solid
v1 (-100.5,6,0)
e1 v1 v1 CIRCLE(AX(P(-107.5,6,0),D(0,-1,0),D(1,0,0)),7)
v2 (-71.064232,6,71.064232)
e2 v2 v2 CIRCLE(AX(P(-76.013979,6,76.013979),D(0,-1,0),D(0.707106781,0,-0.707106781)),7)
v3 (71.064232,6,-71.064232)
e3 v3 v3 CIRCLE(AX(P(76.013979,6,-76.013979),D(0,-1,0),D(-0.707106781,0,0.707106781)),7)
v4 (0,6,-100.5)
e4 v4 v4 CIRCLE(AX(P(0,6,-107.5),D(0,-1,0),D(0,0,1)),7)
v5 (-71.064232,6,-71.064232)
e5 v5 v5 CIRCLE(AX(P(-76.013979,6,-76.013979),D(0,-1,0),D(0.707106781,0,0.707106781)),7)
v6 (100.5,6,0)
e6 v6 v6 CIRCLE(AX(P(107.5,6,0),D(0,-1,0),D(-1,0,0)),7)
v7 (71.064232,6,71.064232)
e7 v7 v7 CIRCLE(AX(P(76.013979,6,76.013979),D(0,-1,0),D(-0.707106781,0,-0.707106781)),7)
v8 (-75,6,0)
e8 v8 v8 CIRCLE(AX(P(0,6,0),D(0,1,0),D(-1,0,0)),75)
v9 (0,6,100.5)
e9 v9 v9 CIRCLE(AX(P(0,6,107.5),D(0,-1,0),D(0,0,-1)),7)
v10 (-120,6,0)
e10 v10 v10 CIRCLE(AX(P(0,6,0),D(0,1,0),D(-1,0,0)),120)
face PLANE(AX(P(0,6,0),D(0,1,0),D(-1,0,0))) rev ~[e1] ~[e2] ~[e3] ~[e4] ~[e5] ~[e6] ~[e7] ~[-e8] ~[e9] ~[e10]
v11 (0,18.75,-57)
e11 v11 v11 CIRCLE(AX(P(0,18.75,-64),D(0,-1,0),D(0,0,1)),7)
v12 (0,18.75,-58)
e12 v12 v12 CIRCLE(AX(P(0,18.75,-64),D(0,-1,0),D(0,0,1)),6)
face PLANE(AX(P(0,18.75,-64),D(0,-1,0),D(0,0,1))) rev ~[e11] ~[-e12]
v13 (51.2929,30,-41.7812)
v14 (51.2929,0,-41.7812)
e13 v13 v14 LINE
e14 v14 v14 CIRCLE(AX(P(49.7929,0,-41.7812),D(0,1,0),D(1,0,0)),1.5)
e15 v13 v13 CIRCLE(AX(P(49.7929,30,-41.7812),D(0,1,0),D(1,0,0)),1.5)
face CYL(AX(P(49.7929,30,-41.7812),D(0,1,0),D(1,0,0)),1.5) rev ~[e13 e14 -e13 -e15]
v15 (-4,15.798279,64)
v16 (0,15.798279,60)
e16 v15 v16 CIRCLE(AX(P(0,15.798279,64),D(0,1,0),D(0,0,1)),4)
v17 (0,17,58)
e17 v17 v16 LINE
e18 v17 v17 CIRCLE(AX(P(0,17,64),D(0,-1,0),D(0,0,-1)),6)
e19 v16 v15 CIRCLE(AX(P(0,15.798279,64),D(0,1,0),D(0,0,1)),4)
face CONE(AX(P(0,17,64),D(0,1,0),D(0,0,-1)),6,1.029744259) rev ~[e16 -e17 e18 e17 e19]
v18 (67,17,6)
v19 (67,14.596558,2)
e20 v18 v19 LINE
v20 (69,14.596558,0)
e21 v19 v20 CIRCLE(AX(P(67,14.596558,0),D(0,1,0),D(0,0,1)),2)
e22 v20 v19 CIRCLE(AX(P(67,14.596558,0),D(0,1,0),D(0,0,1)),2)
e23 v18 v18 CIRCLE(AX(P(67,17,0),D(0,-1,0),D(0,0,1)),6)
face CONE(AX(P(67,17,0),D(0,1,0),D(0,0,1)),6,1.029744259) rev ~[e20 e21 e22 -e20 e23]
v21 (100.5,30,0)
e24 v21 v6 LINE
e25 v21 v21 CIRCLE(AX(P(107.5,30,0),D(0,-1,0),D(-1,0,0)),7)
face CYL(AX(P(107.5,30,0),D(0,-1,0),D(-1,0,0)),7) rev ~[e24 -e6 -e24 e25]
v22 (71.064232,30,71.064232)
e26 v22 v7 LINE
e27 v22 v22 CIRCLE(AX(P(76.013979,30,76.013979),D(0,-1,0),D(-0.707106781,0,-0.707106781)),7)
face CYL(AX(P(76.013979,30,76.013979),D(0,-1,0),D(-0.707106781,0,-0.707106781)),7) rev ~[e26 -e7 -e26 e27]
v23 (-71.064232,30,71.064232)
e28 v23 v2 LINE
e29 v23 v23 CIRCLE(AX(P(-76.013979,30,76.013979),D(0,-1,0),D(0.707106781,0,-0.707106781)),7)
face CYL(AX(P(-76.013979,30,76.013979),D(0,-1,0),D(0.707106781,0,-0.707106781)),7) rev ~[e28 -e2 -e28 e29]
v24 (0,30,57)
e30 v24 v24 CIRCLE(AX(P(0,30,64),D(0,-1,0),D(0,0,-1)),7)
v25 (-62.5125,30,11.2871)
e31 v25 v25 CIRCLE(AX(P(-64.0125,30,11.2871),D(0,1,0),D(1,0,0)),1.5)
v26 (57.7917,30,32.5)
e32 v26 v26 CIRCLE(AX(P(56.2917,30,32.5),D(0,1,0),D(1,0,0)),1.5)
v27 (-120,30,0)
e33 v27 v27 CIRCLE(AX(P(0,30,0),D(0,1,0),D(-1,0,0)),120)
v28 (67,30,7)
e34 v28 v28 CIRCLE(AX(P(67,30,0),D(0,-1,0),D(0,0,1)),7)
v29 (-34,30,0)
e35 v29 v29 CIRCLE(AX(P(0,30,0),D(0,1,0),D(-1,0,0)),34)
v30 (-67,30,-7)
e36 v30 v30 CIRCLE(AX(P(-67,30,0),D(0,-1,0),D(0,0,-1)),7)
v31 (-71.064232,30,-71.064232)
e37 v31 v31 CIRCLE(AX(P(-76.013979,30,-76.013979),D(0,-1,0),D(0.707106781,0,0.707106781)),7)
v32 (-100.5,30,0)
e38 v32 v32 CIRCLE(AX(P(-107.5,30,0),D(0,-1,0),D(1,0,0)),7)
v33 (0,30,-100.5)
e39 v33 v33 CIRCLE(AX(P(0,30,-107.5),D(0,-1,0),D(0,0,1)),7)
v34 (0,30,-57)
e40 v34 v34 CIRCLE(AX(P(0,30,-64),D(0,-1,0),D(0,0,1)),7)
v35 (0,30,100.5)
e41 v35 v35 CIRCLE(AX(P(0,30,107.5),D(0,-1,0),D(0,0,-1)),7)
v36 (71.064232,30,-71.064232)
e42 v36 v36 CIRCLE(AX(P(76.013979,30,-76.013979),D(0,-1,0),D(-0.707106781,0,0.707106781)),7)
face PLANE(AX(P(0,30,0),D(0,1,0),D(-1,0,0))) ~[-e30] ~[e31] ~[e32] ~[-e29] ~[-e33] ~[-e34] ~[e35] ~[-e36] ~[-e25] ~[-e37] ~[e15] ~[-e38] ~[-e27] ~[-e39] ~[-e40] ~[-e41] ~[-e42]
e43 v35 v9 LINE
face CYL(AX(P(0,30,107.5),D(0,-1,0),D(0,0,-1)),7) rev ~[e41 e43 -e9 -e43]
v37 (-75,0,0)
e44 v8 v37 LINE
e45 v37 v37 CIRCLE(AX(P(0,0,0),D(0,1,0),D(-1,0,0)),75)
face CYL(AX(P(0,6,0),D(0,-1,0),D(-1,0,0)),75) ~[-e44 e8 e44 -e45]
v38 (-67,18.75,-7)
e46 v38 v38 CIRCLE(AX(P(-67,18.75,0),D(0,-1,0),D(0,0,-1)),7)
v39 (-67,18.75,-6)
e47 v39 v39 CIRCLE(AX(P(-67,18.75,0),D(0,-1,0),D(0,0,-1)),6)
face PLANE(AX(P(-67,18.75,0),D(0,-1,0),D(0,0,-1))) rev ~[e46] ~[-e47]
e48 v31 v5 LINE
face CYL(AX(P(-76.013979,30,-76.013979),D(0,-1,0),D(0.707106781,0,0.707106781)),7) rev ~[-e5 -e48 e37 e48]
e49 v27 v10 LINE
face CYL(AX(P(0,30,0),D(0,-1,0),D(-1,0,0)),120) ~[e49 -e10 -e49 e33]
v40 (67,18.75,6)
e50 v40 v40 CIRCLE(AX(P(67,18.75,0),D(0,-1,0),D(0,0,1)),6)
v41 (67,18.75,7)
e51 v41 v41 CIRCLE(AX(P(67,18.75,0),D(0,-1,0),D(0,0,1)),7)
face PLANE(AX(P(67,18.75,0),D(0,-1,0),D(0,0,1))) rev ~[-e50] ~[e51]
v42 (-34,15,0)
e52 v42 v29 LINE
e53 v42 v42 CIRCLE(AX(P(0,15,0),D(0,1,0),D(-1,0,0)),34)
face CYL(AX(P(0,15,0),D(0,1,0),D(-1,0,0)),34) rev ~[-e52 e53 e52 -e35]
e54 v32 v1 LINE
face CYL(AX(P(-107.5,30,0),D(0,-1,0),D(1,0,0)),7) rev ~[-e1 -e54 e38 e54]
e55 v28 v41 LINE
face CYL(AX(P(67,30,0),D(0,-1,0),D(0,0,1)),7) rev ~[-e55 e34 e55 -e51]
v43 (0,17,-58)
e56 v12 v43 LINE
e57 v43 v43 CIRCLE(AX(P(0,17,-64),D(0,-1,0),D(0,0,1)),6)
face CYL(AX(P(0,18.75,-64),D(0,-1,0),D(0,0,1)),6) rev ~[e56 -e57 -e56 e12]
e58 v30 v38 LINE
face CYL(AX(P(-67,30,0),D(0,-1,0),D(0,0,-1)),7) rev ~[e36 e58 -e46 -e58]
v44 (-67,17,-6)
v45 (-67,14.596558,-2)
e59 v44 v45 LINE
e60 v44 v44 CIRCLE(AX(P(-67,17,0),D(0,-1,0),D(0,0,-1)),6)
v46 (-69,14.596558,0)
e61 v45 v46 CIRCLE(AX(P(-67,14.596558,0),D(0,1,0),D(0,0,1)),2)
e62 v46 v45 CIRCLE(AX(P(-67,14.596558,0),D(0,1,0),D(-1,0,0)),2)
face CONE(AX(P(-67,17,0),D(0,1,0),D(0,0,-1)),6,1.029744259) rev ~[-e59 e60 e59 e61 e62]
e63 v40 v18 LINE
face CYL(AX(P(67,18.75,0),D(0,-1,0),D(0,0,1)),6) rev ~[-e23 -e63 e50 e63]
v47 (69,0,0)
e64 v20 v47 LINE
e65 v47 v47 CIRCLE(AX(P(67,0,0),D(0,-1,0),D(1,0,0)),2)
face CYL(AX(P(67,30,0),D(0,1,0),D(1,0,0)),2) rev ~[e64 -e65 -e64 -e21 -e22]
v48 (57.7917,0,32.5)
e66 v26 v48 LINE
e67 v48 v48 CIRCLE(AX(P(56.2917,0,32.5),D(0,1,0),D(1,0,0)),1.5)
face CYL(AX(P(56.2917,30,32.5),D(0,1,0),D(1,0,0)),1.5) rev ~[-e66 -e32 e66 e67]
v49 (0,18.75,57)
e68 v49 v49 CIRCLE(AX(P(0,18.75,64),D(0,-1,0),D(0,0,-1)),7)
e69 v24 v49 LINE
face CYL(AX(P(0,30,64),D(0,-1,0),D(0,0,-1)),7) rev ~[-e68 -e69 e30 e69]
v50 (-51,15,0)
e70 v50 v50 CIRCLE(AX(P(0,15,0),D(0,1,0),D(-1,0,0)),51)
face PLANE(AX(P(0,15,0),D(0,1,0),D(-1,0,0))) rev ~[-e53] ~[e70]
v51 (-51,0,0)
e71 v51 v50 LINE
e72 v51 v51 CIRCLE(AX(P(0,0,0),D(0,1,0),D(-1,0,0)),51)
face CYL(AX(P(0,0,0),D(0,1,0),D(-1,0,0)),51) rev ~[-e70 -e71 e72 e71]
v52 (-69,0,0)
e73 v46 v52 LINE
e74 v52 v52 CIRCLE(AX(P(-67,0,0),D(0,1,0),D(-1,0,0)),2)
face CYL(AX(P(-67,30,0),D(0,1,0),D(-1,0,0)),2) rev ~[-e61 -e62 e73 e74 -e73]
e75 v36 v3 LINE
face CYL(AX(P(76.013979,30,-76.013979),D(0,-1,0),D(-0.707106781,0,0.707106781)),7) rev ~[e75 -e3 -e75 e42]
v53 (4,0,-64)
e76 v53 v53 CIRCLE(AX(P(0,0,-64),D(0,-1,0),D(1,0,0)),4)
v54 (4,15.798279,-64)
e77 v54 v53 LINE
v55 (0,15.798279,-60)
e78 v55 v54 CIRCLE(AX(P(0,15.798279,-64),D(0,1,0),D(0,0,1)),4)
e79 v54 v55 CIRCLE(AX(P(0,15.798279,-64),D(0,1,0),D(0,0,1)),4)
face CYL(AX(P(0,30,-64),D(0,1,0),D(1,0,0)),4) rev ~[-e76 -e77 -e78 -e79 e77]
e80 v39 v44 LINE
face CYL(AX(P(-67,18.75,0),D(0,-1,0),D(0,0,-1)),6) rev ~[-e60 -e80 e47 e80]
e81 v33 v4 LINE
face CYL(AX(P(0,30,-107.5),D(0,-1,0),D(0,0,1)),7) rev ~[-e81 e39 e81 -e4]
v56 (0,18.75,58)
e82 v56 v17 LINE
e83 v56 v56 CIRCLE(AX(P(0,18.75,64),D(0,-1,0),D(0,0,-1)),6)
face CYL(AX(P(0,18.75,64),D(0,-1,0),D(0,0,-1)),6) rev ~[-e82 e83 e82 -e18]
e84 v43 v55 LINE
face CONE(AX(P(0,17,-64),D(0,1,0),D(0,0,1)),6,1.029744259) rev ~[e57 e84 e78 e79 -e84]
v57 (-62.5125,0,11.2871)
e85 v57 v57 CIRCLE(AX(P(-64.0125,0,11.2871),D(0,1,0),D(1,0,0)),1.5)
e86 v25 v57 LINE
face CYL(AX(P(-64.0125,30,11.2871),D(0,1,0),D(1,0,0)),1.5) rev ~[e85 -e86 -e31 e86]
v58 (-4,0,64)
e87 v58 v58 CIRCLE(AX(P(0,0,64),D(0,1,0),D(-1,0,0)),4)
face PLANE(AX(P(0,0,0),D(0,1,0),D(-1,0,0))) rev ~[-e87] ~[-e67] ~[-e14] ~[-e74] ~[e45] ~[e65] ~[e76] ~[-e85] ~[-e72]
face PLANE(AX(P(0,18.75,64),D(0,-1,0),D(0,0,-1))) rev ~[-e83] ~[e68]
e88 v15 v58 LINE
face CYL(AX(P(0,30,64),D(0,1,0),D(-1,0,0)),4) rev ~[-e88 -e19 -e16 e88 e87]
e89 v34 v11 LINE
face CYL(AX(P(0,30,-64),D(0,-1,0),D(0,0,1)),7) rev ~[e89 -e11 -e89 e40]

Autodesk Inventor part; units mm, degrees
ref_plane "YZ Plane" through (0, 0, 0) normal (1, 0, 0) x (0, 1, 0)
ref_plane "XZ Plane" through (0, 0, 0) normal (0, 1, 0) x (-1, 0, 0)
ref_plane "XY Plane" through (0, 0, 0) normal (0, 0, 1) x (1, 0, 0)
sketch "Эскиз1" plane through (0, 0, 0) normal (0, 0, 1) x (1, 0, 0)
  line L0 (0, 30) -> (-120, 30)
  line L1 (-120, 30) -> (-120, 6)
  line L2 (-120, 6) -> (-75, 6)
  line L3 (-75, 6) -> (-75, 0)
  line L4 (-75, 0) -> (-51, 0)
  line L5 (-51, 0) -> (-51, 15)
  line L6 (-51, 15) -> (-34, 15)
  line L7 (-34, 15) -> (-34, 30)
  line L8 (0, 0) -> (0, 30)
  dimension "d31" = 120
  dimension "d32" = 24
  dimension "d33" = 45
  dimension "d34" = 24
  dimension "d35" = 15
  dimension "d36" = 17
  dimension "d38" = 30
revolve "Вращение1" add sketch "Эскиз1" angle 360 about axis through (0, 0, 0) along (0, 1, 0)
sketch "Эскиз2" plane through (0, 30, 0) normal (0, 1, 0) x (1, 0, 0)
  line L0 (0, 0) -> (0, 107.5)
  dimension "d37" = 107.5
hole "Отверстие1" at (0, 30, -107.5) direction (0, -1, 0) diameter 14 end through all
pattern_circular "Круговой массив2" count 8 over 360 about axis through (0, 18, 0) along (0, -1, 0) of "Отверстие1"
sketch "Эскиз3" plane through (0, 30, 0) normal (0, 1, 0) x (1, 0, 0)
  line L0 (0, 0) -> (67, 0)
  circle A0 centre (67, 0) radius 2
  dimension "d39" = 67
  dimension "d40" = 4
extrude "Выдавливание1" cut sketch "Эскиз3" against normal through all
sketch "Эскиз4" plane through (0, 30, 0) normal (0, 1, 0) x (1, 0, 0)
  circle A0 centre (67, 0) radius 2 projected
  point P0 (0, 0)
hole "Отверстие2" at (67, 30, 0) direction (0, -1, 0) diameter 12 depth 13 tip angle 118 counterbore diameter 14 counterbore depth 11.25
thread "Резьба1" size "M14x2" class "6H" standard "ANSI Metric M Profile" full length
pattern_circular "Круговой массив3" count 2 over 360 about axis through (0, 22.5, 0) along (0, -1, 0) of "Отверстие2", "Выдавливание1"
sketch "Эскиз8" plane through (0, 30, 0) normal (0, 1, 0) x (1, 0, 0)
  line L0 (0, 0) -> (0, 64)
  circle A0 centre (0, 64) radius 4
  dimension "d66" = 64
  dimension "d67" = 8
extrude "Выдавливание3" cut sketch "Эскиз8" against normal through all
sketch "Эскиз9" plane through (0, 30, 0) normal (0, 1, 0) x (1, 0, 0)
  circle A0 centre (0, 64) radius 4 projected
  point P0 (0, 0)
hole "Отверстие3" at (0, 30, -64) direction (0, -1, 0) diameter 12 depth 13 tip angle 118 counterbore diameter 14 counterbore depth 11.25
thread "Резьба2" size "M14x2" class "6H" standard "ANSI Metric M Profile" full length
pattern_circular "Круговой массив4" count 2 over 360 about axis through (0, 22.5, 0) along (0, -1, 0) of "Отверстие3", "Выдавливание3"
sketch "Эскиз11" plane through (0, 30, 0) normal (0, 1, 0) x (1, 0, 0)
  circle A0 centre (49.7929, 41.7812) radius 1.5 projected
  circle A1 centre (56.2917, -32.5) radius 1.5 projected
  circle A2 centre (-64.0125, -11.2871) radius 1.5 projected
  point P0 (0, 0)
extrude "Выдавливание5" cut sketch "Эскиз11" against normal blind 40
properties part number "Крышка сальников" material "Чугун, серый"
